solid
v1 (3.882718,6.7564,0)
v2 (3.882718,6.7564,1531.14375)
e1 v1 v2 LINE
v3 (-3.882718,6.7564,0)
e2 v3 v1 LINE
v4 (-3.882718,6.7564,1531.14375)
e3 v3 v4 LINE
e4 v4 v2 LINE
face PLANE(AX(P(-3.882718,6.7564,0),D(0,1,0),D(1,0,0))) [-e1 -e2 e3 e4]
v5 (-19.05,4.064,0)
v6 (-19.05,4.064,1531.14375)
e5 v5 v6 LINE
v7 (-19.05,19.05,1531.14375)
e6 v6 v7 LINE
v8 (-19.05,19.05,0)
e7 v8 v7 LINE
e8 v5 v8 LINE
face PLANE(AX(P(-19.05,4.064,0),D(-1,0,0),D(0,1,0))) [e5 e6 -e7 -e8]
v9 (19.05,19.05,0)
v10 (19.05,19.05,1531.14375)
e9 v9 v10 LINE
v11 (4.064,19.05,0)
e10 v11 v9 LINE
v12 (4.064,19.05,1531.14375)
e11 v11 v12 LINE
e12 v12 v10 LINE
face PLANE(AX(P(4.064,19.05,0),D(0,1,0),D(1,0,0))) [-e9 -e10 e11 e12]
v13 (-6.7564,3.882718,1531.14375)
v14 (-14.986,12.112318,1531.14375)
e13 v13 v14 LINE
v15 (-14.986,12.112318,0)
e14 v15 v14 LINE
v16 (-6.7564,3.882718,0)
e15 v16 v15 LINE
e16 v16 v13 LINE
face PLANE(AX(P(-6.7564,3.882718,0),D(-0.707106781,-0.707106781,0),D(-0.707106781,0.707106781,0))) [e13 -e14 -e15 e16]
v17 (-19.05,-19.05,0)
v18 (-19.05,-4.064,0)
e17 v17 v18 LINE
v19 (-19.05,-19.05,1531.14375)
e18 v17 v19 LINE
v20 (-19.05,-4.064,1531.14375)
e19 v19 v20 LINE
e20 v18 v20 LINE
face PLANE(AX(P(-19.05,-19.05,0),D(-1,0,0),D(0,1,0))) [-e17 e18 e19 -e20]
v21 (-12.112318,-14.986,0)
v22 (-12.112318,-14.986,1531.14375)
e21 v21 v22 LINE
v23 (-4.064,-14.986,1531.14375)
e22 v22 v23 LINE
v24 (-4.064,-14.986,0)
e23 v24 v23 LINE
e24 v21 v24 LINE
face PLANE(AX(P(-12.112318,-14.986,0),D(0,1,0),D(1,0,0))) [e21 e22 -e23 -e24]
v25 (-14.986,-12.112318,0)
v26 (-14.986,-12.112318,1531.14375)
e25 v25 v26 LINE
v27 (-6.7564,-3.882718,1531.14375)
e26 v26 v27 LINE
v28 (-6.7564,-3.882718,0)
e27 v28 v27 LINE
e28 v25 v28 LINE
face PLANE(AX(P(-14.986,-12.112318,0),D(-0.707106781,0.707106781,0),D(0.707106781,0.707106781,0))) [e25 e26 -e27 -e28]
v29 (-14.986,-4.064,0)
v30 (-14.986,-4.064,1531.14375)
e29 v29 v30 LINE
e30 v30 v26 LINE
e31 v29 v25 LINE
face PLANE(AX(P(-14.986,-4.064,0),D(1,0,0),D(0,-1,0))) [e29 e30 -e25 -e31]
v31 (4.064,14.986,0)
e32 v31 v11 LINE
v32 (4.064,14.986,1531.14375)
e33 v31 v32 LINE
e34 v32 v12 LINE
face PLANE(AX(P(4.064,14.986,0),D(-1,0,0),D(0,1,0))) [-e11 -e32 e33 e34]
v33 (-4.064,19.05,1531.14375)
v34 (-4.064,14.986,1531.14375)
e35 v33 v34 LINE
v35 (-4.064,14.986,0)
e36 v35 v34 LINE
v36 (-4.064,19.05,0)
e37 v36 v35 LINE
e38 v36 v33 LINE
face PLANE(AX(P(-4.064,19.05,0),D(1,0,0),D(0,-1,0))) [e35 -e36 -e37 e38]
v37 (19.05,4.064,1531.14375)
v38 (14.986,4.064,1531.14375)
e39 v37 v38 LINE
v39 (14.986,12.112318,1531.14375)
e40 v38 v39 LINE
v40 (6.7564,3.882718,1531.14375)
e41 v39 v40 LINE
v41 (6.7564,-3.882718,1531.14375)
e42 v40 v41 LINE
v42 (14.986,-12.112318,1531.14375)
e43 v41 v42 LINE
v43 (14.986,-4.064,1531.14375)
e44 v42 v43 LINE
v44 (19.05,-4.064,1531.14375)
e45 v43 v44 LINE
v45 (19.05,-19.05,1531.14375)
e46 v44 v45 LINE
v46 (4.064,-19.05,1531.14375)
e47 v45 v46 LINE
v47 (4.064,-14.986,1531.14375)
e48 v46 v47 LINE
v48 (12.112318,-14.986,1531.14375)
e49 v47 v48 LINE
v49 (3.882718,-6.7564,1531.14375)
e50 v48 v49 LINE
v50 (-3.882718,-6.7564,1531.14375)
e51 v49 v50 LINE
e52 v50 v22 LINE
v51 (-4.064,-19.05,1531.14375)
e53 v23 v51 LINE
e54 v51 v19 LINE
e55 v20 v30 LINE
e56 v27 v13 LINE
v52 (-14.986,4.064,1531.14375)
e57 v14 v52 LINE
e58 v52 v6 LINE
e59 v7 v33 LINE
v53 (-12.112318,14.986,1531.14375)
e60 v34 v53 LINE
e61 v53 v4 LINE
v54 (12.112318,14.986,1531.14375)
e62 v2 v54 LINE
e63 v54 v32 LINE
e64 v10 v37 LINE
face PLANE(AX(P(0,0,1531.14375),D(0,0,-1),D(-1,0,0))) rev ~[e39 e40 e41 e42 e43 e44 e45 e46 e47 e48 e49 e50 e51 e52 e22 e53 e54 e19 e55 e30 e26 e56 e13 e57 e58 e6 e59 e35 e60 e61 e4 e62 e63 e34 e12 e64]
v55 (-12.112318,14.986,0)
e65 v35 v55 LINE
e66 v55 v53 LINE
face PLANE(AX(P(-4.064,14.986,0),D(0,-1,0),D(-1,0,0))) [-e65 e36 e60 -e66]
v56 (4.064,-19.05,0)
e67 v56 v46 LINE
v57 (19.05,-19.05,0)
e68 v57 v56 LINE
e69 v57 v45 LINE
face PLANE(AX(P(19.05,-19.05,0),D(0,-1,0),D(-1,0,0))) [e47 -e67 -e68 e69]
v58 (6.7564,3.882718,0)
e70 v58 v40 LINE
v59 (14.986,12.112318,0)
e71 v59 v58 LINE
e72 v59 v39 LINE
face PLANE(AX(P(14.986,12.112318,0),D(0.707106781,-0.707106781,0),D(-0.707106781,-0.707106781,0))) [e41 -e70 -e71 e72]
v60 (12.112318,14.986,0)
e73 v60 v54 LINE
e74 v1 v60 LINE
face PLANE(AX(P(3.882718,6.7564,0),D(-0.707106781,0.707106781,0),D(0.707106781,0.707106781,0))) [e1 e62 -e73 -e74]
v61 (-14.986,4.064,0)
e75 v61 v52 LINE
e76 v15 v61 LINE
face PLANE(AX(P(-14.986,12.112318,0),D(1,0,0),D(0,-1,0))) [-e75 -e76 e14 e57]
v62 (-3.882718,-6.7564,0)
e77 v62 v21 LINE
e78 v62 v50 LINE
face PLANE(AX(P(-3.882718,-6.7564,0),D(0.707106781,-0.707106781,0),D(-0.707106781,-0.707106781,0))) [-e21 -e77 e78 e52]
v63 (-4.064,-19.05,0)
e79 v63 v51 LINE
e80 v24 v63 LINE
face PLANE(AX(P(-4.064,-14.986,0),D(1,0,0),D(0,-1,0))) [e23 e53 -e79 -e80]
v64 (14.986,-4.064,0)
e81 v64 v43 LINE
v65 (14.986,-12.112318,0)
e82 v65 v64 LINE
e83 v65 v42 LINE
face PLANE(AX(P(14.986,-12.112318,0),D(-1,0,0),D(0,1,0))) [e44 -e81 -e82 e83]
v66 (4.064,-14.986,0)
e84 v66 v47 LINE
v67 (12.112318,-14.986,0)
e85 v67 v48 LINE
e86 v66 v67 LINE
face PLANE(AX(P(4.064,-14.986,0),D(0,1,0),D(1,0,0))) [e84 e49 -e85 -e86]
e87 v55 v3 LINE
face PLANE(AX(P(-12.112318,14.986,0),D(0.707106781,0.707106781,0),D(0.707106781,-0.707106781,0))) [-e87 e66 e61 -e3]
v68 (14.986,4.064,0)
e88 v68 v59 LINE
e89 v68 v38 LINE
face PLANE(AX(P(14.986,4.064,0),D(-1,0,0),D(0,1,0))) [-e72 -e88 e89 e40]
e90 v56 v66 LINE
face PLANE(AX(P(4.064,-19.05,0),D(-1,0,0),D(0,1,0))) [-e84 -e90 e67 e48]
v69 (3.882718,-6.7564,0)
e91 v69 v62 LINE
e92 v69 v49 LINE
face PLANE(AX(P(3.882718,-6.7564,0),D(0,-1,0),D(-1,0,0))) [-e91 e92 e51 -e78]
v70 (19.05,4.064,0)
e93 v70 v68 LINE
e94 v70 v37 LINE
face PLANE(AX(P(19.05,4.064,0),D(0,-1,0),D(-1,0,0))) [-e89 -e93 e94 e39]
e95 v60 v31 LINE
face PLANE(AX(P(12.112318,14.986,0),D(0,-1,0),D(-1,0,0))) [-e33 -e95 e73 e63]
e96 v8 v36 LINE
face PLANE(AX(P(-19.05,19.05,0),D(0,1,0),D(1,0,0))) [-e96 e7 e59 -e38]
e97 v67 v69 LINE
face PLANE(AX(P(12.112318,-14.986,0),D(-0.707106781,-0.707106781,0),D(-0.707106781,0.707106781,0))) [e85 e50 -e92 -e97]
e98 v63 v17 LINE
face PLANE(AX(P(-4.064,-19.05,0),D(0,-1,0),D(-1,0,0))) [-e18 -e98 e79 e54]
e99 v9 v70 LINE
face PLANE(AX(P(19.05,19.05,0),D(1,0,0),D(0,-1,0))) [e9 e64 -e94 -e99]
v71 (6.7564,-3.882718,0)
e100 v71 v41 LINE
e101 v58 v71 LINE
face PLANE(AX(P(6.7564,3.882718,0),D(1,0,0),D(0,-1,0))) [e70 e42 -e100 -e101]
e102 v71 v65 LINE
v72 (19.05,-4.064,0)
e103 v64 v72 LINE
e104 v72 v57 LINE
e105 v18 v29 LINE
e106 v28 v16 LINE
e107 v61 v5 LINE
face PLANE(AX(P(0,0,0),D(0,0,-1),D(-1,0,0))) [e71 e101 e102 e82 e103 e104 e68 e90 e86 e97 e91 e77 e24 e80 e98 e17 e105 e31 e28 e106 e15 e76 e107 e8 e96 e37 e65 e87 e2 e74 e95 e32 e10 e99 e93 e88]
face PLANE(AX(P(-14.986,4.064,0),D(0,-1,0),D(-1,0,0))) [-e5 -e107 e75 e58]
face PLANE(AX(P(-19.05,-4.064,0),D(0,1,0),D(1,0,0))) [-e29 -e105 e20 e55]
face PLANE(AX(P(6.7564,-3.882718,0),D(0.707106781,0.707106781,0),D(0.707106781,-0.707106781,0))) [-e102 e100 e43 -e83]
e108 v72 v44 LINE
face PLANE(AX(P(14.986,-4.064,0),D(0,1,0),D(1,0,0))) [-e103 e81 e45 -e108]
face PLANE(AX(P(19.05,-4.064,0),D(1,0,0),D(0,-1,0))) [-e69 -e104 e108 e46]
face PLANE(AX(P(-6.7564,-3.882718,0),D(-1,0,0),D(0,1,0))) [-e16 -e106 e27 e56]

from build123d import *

# Parameters (mm, degrees)
BOSS_EXTRUDE1_DEPTH = 1531.14375


with BuildPart() as part:
    # Sketch2 → Boss-Extrude1 (new body)
    with BuildSketch(Plane(origin=(0.594697292, -0.594697292, 0), x_dir=(1, 0, 0), z_dir=(0, 0, 1))):
        Polygon((-19.644697292, 19.644697292), (-4.658697292, 19.644697292), (-4.658697292, 15.580697292), (-12.707015333, 15.580697292), (-4.477415333, 7.351097292), (3.288020749, 7.351097292), (11.517620749, 15.580697292), (3.469302708, 15.580697292), (3.469302708, 19.644697292), (18.455302708, 19.644697292), (18.455302708, 4.658697292), (14.391302708, 4.658697292), (14.391302708, 12.707015333), (6.161702708, 4.477415333), (6.161702708, -3.288020749), (14.391302708, -11.517620749), (14.391302708, -3.469302708), (18.455302708, -3.469302708), (18.455302708, -18.455302708), (3.469302708, -18.455302708), (3.469302708, -14.391302708), (11.517620749, -14.391302708), (3.288020749, -6.161702708), (-4.477415333, -6.161702708), (-12.707015333, -14.391302708), (-4.658697292, -14.391302708), (-4.658697292, -18.455302708), (-19.644697292, -18.455302708), (-19.644697292, -3.469302708), (-15.580697292, -3.469302708), (-15.580697292, -11.517620749), (-7.351097292, -3.288020749), (-7.351097292, 4.477415333), (-15.580697292, 12.707015333), (-15.580697292, 4.658697292), (-19.644697292, 4.658697292), align=None)
    extrude(amount=BOSS_EXTRUDE1_DEPTH)


solid = part.part
